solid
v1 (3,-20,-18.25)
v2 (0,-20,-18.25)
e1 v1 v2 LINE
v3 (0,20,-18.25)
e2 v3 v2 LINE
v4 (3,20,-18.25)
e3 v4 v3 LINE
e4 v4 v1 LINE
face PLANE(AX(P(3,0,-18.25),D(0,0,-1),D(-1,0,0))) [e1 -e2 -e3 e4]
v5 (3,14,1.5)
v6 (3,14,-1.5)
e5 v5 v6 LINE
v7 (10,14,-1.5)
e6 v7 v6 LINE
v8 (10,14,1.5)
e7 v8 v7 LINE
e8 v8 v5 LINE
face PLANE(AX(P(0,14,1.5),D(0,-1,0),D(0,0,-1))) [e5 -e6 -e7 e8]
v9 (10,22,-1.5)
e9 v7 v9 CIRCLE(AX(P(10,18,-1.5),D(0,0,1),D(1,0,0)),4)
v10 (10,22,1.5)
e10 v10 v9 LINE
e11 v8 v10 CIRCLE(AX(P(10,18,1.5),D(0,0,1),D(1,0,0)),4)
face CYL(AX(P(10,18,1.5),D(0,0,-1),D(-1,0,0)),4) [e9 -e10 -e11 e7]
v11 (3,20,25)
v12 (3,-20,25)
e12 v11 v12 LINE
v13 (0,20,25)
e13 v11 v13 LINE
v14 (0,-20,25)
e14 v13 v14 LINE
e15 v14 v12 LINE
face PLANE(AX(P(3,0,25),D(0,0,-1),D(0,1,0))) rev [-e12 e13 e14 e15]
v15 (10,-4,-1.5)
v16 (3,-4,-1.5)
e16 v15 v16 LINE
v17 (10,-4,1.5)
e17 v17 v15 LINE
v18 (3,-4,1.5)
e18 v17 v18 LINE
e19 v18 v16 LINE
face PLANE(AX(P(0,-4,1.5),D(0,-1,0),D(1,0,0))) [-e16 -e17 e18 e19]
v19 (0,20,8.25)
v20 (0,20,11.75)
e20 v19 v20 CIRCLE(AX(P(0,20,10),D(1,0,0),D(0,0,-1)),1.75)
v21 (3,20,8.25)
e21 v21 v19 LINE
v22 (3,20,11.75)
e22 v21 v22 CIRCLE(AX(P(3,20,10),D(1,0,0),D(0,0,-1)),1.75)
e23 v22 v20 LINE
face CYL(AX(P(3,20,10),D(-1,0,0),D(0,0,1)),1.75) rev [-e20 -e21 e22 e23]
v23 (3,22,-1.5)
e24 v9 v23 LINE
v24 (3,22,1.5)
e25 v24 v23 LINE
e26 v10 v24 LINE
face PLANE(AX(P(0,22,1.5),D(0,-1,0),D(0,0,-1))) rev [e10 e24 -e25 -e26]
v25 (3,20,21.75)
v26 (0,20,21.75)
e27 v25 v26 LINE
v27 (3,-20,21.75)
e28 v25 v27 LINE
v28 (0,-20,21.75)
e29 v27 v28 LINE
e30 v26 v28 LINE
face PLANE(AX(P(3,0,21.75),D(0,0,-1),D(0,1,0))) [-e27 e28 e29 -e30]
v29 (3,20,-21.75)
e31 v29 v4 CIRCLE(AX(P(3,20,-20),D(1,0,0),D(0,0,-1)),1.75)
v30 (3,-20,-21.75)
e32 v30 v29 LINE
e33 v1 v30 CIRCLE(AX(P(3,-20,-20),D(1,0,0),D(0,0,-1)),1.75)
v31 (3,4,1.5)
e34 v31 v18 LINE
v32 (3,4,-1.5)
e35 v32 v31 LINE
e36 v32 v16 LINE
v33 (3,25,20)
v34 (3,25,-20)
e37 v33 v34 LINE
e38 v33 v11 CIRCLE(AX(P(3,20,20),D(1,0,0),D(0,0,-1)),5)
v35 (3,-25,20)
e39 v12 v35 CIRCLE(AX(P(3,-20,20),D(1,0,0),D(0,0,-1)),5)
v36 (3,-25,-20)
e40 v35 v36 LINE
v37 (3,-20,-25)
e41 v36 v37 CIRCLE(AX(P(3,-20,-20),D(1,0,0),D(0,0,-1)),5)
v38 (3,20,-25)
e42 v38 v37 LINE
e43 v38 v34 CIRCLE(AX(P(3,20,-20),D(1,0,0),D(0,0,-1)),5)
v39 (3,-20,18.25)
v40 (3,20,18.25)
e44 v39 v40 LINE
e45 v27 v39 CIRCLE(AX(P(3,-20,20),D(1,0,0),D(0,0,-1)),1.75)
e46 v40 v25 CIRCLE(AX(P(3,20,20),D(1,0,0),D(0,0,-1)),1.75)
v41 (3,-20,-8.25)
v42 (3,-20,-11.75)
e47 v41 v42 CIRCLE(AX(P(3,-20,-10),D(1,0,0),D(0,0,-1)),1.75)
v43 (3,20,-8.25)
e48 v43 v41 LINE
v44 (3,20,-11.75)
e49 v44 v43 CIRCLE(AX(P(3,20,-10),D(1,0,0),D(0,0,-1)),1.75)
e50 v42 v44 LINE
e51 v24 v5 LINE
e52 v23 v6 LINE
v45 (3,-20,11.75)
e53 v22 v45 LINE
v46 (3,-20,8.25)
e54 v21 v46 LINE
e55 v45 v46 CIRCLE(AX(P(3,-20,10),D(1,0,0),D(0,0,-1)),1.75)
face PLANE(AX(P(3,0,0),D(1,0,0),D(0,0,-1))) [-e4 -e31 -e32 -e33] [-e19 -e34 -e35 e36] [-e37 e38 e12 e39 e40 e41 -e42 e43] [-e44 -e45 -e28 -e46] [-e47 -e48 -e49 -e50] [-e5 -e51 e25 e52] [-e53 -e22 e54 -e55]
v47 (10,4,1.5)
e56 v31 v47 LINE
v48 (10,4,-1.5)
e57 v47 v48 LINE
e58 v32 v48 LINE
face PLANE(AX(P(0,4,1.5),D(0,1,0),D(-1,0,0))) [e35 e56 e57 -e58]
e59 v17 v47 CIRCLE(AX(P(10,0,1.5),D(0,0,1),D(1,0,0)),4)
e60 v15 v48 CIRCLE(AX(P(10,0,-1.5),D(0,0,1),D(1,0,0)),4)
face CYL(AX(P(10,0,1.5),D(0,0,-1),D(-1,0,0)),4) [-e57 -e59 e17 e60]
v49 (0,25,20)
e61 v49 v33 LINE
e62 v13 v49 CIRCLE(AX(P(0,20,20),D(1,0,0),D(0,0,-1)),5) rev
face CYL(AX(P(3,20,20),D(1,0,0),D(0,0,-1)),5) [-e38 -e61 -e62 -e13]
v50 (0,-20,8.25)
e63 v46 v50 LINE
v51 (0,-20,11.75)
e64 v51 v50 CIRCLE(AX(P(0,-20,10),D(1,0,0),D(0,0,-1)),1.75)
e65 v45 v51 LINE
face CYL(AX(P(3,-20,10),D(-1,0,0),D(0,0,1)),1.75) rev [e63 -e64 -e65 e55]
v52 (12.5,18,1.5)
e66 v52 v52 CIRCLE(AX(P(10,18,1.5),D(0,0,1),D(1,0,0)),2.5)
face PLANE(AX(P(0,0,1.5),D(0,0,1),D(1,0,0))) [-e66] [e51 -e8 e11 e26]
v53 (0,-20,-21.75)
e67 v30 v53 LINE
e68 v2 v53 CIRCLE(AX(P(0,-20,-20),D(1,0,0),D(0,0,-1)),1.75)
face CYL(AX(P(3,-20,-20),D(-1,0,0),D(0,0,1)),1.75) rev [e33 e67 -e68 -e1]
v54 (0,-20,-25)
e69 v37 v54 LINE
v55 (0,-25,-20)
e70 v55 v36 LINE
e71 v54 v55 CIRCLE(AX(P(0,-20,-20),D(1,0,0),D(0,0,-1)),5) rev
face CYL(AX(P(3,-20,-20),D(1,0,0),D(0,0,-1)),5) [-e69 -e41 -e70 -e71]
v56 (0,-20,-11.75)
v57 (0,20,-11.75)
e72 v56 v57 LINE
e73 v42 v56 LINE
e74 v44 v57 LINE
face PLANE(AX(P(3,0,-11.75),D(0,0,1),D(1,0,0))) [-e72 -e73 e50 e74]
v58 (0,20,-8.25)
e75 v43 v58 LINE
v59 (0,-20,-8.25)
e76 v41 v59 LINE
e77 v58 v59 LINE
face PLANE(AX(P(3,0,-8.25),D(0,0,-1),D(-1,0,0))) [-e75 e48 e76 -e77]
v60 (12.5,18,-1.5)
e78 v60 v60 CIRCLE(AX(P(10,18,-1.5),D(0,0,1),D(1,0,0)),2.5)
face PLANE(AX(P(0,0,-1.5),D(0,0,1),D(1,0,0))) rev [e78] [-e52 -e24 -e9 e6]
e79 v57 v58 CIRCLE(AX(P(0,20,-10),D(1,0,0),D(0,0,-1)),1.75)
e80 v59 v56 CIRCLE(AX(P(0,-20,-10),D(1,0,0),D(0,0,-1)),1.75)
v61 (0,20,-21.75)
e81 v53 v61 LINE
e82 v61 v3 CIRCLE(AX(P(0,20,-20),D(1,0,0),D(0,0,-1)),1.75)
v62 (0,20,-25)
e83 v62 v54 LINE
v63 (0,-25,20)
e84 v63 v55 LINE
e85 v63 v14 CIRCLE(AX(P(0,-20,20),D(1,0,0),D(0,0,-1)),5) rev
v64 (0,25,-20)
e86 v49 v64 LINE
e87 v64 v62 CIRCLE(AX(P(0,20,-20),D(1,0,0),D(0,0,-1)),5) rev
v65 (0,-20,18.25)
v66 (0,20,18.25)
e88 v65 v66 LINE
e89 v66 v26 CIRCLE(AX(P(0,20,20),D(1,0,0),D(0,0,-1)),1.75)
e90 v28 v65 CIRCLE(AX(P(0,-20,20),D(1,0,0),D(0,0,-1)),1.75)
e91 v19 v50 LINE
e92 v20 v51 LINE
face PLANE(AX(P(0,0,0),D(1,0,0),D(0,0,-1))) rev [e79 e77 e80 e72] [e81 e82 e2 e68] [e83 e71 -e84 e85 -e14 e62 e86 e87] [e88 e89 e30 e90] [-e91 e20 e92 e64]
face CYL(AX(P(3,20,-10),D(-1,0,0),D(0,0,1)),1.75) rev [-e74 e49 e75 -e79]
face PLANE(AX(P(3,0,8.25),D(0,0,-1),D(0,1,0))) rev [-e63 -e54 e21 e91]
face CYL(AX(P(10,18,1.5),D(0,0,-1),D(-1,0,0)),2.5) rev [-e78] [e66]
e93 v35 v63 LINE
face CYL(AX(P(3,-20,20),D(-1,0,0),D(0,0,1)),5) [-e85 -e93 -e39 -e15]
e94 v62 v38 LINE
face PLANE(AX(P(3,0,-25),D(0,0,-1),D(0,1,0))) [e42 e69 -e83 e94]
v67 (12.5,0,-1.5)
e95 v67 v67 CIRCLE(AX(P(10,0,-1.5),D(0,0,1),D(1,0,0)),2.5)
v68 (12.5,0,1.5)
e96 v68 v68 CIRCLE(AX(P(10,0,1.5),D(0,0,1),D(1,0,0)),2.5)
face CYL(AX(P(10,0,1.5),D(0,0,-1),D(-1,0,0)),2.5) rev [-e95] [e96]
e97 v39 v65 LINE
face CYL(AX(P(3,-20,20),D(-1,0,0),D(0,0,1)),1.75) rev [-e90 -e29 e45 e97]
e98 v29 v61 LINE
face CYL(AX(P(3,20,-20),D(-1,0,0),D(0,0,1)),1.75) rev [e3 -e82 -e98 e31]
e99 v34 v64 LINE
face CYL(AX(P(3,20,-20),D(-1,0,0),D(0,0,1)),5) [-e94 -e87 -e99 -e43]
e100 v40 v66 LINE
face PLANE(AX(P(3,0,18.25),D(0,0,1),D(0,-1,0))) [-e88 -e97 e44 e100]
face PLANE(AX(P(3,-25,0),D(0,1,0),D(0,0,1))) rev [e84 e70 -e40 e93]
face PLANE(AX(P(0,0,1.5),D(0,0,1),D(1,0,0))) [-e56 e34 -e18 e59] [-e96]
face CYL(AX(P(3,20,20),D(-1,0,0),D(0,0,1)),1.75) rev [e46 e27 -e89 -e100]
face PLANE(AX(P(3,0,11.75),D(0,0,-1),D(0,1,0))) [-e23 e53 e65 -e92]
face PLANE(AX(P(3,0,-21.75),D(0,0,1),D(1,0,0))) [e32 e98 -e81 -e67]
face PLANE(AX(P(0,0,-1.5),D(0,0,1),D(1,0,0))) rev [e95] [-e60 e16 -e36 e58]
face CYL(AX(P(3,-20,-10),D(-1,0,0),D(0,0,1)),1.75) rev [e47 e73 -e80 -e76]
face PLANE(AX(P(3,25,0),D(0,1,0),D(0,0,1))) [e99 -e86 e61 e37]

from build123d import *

# Parameters (mm, degrees)
SKETCH_1_W      = 50
SKETCH_1_H      = 50
SKETCH_1_R      = 1.75
EXTRUDE_1_DEPTH = 3
SKETCH_2_R      = 4
SKETCH_2_R_2    = 2.5
EXTRUDE_2_DEPTH = 1.5
FILLET_1_R      = 5


with BuildPart() as part:
    # 草图1 → 凸台-拉伸1 (new body)
    # profile 1 of 4: a face of its own
    with BuildSketch(Plane(origin=(0, 0, 0), x_dir=(0, 0, -1), z_dir=(1, 0, 0))):
        Rectangle(SKETCH_1_W, SKETCH_1_H)
        with BuildLine():
            Line((-21.75, -20), (-21.75, 20))
            ThreePointArc((-21.75, 20), (-20, 21.75), (-18.25, 20))
            Line((-18.25, 20), (-18.25, -20))
            ThreePointArc((-18.25, -20), (-20, -21.75), (-21.75, -20))
        make_face(mode=Mode.SUBTRACT)
        with BuildLine():
            Line((-11.75, -20), (-11.75, 20))
            ThreePointArc((-11.75, 20), (-10, 21.75), (-8.25, 20))
            Line((-8.25, 20), (-8.25, -20))
            ThreePointArc((-8.25, -20), (-10, -21.75), (-11.75, -20))
        make_face(mode=Mode.SUBTRACT)
        with BuildLine():
            Line((-1.75, -20), (-1.75, 20))
            ThreePointArc((-1.75, 20), (0, 21.75), (1.75, 20))
            Line((1.75, 20), (1.75, -20))
            ThreePointArc((1.75, -20), (0, -21.75), (-1.75, -20))
        make_face(mode=Mode.SUBTRACT)
        with BuildLine():
            Line((8.25, -20), (8.25, 20))
            ThreePointArc((8.25, 20), (10, 21.75), (11.75, 20))
            Line((11.75, 20), (11.75, -20))
            ThreePointArc((11.75, -20), (10, -21.75), (8.25, -20))
        make_face(mode=Mode.SUBTRACT)
        with BuildLine():
            Line((18.25, -20), (18.25, 20))
            ThreePointArc((18.25, 20), (20, 21.75), (21.75, 20))
            Line((21.75, 20), (21.75, -20))
            ThreePointArc((21.75, -20), (20, -21.75), (18.25, -20))
        make_face(mode=Mode.SUBTRACT)
    # profile 2 of 4: a face of its own
    with BuildSketch(Plane(origin=(0, 0, 0), x_dir=(0, 0, -1), z_dir=(1, 0, 0))):
        with BuildLine():
            ThreePointArc((1.75, 20), (0, 18.25), (-1.75, 20))
            Line((-1.75, 20), (-1.75, -20))
            ThreePointArc((-1.75, -20), (0, -18.25), (1.75, -20))
            Line((1.75, -20), (1.75, 20))
        make_face()
    # profile 3 of 4: a face of its own
    with BuildSketch(Plane(origin=(0, 0, 0), x_dir=(0, 0, -1), z_dir=(1, 0, 0))):
        with Locations((0, 20)):
            Circle(SKETCH_1_R)
    # profile 4 of 4: a face of its own
    with BuildSketch(Plane(origin=(0, 0, 0), x_dir=(0, 0, -1), z_dir=(1, 0, 0))):
        with Locations((0, -20)):
            Circle(SKETCH_1_R)
    extrude(amount=EXTRUDE_1_DEPTH)

    # 草图2 → 凸台-拉伸2 (add, symmetric)
    # profile 1 of 4: a face of its own
    with BuildSketch(Plane.XY):
        with BuildLine():
            Line((0, 14), (10, 14))
            ThreePointArc((10, 14), (6, 18), (10, 22))
            Line((10, 22), (0, 22))
            Line((0, 22), (0, 14))
        make_face()
    # profile 2 of 4: a face of its own
    with BuildSketch(Plane.XY):
        with Locations((10, 18)):
            Circle(SKETCH_2_R)
        with Locations((10, 18)):
            Circle(SKETCH_2_R_2, mode=Mode.SUBTRACT)
    # profile 3 of 4: a face of its own
    with BuildSketch(Plane.XY):
        with Locations((10, 0)):
            Circle(SKETCH_2_R)
        with Locations((10, 0)):
            Circle(SKETCH_2_R_2, mode=Mode.SUBTRACT)
    # profile 4 of 4: a face of its own
    with BuildSketch(Plane.XY):
        with BuildLine():
            Line((0, -4), (10, -4))
            ThreePointArc((10, -4), (6, 0), (10, 4))
            Line((10, 4), (0, 4))
            Line((0, 4), (0, -4))
        make_face()
    extrude(amount=EXTRUDE_2_DEPTH, both=True)

    # 圆角1
    fillet_1_edges = [part.edges().sort_by_distance(p)[0] for p in [
        (1.5, -25, -25),
        (1.5, -25, 25),
        (1.5, 25, 25),
        (1.5, 25, -25),
    ]]
    fillet(fillet_1_edges, radius=FILLET_1_R)


solid = part.part
